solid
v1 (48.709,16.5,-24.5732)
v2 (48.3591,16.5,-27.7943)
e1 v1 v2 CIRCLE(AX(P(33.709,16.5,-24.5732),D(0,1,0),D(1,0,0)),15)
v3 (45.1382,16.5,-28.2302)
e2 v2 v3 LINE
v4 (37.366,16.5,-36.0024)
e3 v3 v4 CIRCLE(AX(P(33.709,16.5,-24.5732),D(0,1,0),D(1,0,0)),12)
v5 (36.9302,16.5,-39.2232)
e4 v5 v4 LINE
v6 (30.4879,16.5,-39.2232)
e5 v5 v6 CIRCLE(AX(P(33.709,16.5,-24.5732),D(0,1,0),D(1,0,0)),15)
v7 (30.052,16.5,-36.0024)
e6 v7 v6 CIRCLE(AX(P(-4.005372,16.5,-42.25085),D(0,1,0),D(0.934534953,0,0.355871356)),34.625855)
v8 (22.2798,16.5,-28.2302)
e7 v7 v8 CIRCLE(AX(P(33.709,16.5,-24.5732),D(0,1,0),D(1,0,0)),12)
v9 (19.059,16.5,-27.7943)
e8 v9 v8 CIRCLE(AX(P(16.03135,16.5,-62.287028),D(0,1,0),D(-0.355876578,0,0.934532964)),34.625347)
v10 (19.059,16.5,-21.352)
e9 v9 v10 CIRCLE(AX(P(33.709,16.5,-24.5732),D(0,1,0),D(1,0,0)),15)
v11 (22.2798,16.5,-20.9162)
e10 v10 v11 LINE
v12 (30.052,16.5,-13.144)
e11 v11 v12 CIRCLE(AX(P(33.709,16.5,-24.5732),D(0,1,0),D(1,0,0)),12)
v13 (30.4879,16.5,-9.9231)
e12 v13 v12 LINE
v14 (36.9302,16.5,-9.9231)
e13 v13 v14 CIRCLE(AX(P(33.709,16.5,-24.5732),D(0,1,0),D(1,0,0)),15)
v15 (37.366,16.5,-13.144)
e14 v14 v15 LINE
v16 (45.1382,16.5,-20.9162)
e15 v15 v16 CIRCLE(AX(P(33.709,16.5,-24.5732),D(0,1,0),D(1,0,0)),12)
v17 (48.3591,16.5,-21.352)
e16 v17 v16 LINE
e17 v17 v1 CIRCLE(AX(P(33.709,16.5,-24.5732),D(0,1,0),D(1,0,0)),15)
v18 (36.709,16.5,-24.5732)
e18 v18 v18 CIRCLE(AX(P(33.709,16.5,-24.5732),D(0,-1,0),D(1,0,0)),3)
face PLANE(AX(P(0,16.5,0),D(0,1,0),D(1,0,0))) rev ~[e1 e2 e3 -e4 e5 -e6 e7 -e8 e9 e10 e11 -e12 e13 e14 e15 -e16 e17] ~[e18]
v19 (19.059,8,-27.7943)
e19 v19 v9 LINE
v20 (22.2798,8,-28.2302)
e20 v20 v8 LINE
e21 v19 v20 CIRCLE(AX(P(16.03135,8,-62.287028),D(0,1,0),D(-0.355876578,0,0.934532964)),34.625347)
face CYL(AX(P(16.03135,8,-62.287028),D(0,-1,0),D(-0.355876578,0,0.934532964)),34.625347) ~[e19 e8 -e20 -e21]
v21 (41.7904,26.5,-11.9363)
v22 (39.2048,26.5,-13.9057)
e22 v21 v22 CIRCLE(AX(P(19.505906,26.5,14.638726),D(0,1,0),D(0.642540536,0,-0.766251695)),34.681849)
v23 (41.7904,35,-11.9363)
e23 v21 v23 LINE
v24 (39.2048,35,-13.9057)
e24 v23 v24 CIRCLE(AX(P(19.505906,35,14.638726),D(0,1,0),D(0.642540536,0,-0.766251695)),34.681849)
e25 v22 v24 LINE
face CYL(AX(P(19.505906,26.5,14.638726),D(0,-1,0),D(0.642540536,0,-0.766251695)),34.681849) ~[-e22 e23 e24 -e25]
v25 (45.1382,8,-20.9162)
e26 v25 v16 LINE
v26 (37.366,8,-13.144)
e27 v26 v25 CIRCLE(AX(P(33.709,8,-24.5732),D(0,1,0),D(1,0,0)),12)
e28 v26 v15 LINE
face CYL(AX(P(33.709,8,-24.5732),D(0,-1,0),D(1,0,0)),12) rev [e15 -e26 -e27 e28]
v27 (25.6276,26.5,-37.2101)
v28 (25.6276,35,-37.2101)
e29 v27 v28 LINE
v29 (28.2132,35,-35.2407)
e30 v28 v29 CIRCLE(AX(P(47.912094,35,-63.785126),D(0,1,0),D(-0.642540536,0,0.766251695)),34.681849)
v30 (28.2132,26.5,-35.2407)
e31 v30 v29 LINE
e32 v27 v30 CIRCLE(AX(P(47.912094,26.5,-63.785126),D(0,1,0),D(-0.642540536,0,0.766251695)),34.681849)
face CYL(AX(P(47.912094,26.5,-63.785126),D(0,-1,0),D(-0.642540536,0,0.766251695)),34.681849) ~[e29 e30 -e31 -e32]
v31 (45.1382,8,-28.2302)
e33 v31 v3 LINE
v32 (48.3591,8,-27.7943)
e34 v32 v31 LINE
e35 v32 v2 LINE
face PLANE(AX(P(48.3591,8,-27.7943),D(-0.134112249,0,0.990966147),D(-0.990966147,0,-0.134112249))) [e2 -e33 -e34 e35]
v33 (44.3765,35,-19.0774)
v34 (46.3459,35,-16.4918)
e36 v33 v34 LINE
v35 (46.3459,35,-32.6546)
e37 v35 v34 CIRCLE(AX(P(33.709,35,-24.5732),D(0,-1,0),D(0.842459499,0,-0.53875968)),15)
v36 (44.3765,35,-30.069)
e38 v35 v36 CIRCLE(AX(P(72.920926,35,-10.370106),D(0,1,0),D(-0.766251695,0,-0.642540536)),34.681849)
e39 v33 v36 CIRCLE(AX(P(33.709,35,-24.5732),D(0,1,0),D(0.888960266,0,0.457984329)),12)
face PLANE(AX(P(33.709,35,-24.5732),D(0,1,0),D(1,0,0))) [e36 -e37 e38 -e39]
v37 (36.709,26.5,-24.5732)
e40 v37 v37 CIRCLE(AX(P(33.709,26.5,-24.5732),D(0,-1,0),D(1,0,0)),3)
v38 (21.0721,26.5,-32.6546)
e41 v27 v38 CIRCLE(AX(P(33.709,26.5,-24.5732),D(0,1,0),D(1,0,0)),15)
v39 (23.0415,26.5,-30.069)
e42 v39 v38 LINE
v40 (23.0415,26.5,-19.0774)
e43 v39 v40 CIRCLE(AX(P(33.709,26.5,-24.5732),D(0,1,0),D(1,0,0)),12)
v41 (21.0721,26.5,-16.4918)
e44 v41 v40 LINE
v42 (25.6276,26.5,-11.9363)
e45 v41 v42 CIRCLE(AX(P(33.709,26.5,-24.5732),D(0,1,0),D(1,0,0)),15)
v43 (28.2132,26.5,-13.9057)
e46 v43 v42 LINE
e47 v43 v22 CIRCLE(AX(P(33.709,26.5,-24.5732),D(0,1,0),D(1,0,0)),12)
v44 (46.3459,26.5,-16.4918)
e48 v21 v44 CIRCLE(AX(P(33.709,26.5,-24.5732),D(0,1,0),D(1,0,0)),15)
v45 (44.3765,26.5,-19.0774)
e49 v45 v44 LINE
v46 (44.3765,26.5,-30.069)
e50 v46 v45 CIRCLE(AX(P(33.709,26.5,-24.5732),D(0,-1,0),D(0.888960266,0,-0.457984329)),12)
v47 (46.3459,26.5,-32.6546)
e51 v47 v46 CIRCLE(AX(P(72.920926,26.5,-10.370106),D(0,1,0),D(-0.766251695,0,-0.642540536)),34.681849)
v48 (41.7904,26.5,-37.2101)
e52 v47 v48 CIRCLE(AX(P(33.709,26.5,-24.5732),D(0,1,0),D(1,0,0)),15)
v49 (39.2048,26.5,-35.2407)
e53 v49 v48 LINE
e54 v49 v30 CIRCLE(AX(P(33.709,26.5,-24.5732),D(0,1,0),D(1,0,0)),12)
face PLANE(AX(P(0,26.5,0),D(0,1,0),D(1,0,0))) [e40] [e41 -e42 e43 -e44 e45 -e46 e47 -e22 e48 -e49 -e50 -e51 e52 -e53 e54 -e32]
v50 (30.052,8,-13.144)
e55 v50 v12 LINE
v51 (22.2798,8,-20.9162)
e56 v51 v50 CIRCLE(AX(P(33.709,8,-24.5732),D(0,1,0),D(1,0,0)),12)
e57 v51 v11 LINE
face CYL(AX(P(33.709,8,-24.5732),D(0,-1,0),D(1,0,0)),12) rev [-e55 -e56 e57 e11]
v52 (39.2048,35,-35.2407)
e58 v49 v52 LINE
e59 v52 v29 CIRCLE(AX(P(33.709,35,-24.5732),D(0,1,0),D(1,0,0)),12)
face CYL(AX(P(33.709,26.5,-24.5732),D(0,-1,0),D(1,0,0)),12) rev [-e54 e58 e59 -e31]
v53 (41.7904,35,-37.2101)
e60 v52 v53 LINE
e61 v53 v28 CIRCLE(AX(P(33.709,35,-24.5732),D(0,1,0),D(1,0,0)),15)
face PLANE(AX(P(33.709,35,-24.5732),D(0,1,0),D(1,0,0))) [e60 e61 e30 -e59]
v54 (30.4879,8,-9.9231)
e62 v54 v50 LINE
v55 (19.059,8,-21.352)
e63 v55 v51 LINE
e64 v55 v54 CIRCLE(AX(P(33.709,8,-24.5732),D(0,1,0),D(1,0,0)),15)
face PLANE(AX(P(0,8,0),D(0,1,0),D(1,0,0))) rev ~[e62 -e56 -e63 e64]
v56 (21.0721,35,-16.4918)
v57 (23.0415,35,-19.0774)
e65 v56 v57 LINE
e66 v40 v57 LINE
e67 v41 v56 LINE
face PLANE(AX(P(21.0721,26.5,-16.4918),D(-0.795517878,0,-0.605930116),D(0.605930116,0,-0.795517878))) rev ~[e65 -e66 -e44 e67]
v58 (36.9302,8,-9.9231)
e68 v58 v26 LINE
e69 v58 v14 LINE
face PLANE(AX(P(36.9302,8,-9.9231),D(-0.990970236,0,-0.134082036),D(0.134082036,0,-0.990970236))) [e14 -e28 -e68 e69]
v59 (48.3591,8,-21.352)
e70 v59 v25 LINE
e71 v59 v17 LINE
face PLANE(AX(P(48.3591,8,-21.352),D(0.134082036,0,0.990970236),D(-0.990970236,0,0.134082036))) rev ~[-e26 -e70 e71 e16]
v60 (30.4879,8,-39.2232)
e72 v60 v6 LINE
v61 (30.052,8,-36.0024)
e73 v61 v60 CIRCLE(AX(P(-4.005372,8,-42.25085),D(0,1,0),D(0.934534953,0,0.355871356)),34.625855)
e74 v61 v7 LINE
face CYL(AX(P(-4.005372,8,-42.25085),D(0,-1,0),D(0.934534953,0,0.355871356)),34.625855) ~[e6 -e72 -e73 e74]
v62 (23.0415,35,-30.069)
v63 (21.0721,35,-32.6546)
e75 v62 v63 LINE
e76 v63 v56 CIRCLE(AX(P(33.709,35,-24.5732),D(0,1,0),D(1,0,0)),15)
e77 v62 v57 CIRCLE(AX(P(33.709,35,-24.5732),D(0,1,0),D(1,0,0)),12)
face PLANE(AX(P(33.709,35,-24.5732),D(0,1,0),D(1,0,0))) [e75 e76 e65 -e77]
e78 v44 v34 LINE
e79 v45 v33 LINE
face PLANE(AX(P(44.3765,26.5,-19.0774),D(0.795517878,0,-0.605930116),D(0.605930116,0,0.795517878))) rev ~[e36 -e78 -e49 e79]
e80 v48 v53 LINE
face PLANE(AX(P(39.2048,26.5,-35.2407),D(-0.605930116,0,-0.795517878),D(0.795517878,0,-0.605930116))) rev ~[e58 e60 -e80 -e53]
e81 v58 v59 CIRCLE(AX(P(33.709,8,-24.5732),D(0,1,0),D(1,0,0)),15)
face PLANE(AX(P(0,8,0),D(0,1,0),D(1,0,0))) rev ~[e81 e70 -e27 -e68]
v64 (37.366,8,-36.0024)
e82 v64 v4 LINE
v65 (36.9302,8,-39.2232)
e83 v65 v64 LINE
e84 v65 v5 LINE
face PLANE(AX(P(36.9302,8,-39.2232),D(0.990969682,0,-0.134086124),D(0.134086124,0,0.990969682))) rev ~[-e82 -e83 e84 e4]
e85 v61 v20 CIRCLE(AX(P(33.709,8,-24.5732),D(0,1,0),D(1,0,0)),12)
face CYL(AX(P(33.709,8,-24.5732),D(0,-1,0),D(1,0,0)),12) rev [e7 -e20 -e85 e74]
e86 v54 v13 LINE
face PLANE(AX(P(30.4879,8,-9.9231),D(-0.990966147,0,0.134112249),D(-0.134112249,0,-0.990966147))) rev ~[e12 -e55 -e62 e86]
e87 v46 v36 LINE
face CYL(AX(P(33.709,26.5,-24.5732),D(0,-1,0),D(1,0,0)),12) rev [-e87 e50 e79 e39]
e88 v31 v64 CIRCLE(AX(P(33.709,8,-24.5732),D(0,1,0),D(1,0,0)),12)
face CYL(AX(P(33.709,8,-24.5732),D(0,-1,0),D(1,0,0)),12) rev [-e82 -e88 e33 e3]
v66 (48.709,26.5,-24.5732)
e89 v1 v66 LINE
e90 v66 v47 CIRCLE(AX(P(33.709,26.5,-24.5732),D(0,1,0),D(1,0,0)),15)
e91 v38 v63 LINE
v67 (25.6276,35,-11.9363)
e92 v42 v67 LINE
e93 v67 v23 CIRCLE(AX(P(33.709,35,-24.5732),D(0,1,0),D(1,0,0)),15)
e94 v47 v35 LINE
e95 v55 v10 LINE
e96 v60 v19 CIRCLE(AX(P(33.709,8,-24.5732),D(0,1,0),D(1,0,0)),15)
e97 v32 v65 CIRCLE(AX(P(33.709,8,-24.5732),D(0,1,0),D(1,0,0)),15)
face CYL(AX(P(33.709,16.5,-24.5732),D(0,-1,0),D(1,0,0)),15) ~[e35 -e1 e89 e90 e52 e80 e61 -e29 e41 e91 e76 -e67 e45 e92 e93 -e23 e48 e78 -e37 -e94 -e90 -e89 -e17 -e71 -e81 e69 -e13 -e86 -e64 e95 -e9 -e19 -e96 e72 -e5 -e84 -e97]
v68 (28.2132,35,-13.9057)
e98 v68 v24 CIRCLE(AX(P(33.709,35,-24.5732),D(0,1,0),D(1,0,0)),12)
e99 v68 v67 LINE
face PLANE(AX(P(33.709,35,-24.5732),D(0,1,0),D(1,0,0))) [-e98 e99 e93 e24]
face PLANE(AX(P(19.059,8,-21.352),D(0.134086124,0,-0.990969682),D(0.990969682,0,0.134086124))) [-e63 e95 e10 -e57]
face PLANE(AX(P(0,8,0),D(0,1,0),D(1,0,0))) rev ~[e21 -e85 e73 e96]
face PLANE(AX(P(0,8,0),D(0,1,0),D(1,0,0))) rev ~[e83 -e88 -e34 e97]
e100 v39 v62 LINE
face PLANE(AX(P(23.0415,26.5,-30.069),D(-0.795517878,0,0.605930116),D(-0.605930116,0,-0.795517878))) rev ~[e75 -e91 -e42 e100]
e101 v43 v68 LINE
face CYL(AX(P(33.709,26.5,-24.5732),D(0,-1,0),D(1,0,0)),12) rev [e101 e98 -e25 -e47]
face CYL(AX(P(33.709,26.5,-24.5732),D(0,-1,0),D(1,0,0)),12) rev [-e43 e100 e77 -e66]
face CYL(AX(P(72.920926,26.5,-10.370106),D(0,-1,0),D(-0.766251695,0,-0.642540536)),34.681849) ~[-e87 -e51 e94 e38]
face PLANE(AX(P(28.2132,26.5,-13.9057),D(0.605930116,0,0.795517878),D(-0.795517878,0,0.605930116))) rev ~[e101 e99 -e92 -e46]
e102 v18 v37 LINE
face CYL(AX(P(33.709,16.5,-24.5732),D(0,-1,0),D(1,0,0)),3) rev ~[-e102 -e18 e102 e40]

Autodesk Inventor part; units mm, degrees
ref_plane "YZ Plane" through (0, 0, 0) normal (1, 0, 0) x (0, 1, 0)
ref_plane "XZ Plane" through (0, 0, 0) normal (0, 1, 0) x (-1, 0, 0)
ref_plane "XY Plane" through (0, 0, 0) normal (0, 0, 1) x (1, 0, 0)
ref_plane "作業平面1" through (0, 8, 0) normal (0, 1, 0) x (1, 0, 0)
sketch "スケッチ2" plane through (0, 8, 0) normal (0, 1, 0) x (1, 0, 0)
  arc A0 (28.3537, 29.9285) -> (28.3537, 54.5732) centre (-4.0051, 42.2508) ccw projected
  arc A1 (39.0644, 29.9285) -> (63.709, 29.9285) centre (51.3867, 62.2873) ccw projected
  line L0 (28.3537, 29.9285) -> (39.0644, 29.9285)
  arc A2 (39.0644, 19.2178) -> (39.0644, -5.4268) centre (71.4231, 6.8955) ccw projected
  line L1 (39.0644, 29.9285) -> (39.0644, 19.2178)
  arc A3 (28.3537, -5.4268) -> (28.3537, 19.2178) centre (-4.0051, 6.8955) ccw projected
  line L2 (39.0644, 19.2178) -> (28.3537, 19.2178)
  line L3 (28.3537, 19.2178) -> (28.3537, 29.9285)
  arc A4 (3.709, 29.9285) -> (28.3537, 29.9285) centre (16.0314, 62.2873) ccw projected
  line L4 (39.0644, 29.9285) -> (28.3537, 19.2178)
  line L5 (28.3537, 29.9285) -> (39.0644, 19.2178)
  circle A5 centre (33.709, 24.5732) radius 3
  circle A6 centre (33.709, 24.5732) radius 89.9592
  circle A7 centre (33.709, 24.5732) radius 15
  circle A8 centre (33.709, 24.5732) radius 12
  line L6 (30.4879, 39.2232) -> (30.052, 36.0024)
  line L7 (19.059, 27.7943) -> (22.2798, 28.2302)
  line L8 (30.4879, 9.9231) -> (30.052, 13.144)
  circle A9 centre (33.709, 24.5732) radius 15
  circle A10 centre (33.709, 24.5732) radius 12
  line L9 (19.059, 21.352) -> (22.2798, 20.9162)
  line L10 (48.3591, 21.352) -> (45.1382, 20.9162)
  circle A11 centre (33.709, 24.5732) radius 15
  circle A12 centre (33.709, 24.5732) radius 12
  line L11 (36.9302, 9.9231) -> (37.366, 13.144)
  line L12 (36.9302, 39.2232) -> (37.366, 36.0024)
  circle A13 centre (33.709, 24.5732) radius 15
  circle A14 centre (33.709, 24.5732) radius 12
  line L13 (48.3591, 27.7943) -> (45.1382, 28.2302)
  point P0 (0, 0)
  point P1 (22.2798, 28.2302)
  point P2 (30.052, 36.0024)
  point P3 (30.4879, 39.2232)
  point P4 (19.059, 27.7943)
  point P5 (30.4879, 9.9231)
  point P6 (30.052, 13.144)
  point P7 (37.366, 13.144)
  point P8 (36.9302, 9.9231)
  point P9 (45.1382, 28.2302)
  point P10 (48.3591, 27.7943)
  dimension "d6" = 6
  dimension "d7" = 30
  dimension "d8" = 24
  dimension "d13" = 360
extrude "押し出し2" add sketch "スケッチ2" along normal blind 8.5 contours L6 A0 | A8 L7 A7 L6 | A4 L7 | L12 A7 L13 A8 | L8 A7 L9 A8 | A8 L10 A7 L11
ref_plane "作業平面2" through (0, 16.5, 0) normal (0, 1, 0) x (1, 0, 0)
sketch "スケッチ4" plane through (0, 16.5, 0) normal (0, 1, 0) x (1, 0, 0)
  arc A0 (30.052, 36.0024) -> (22.2798, 28.2302) centre (33.709, 24.5732) ccw projected
  arc A1 (28.3537, 29.9285) -> (30.052, 36.0024) centre (-4.0051, 42.2508) ccw projected
  line L0 (22.2798, 28.2302) -> (30.052, 36.0024)
  line L1 (30.052, 36.0024) -> (26.1659, 32.1163)
  arc A2 (37.366, 13.144) -> (45.1382, 20.9162) centre (33.709, 24.5732) ccw projected
  line L2 (33.709, 24.5732) -> (26.1659, 32.1163)
  circle A3 centre (33.709, 24.5732) radius 15
  point P0 (0, 0)
extrude "押し出し3" add sketch "スケッチ4" along normal blind 10 contours L0 A0 | A1 L2 L0 | A3
sketch "スケッチ6" plane through (33.709, 26.5, -24.5732) normal (0, 1, 0) x (1, 0, 0)
  circle A0 centre (0, 0) radius 15
  circle A1 centre (0, 0) radius 12
  arc A2 (-12.6369, -8.0814) -> (-10.6675, -5.4958) centre (-39.1679, 14.1679) ccw
  line L0 (-12.6369, -8.0814) -> (-10.6675, -5.4958)
  line L1 (-5.4958, -10.6675) -> (-8.0814, -12.6369)
  arc A3 (8.0814, -12.6369) -> (5.4958, -10.6675) centre (-14.1679, -39.1679) ccw
  line L2 (10.6675, -5.4958) -> (12.6369, -8.0814)
  arc A4 (12.6369, 8.0814) -> (10.6675, 5.4958) centre (39.1679, -14.1679) ccw
  line L3 (5.4958, 10.6675) -> (8.0814, 12.6369)
  arc A5 (-8.0814, 12.6369) -> (-5.4958, 10.6675) centre (14.1679, 39.1679) ccw
  line L4 (-10.6675, 5.4958) -> (-12.6369, 8.0814)
  point P0 (-33.709, -24.5732)
  point P1 (-10.6675, 5.4958)
  point P2 (-12.6369, 8.0814)
  point P3 (-12.6369, -8.0814)
  point P4 (-10.6675, -5.4958)
  point P5 (8.0814, -12.6369)
  point P6 (5.4958, -10.6675)
  point P7 (-5.4958, -10.6675)
  point P8 (-8.0814, -12.6369)
  point P9 (12.6369, 8.0814)
  point P10 (10.6675, 5.4958)
  point P11 (-8.0814, 12.6369)
  point P12 (-5.4958, 10.6675)
  point P13 (5.4958, 10.6675)
  dimension "d19" = 24
  dimension "d20" = 30
  dimension "d23" = 360
extrude "押し出し4" add sketch "スケッチ6" along normal blind 8.5 contours A0 L2 A1 A4 | L3 A1 A5 A0 | A0 L1 A1 A3 | L4 A1 L0 A0
sketch "スケッチ7" plane through (0, 16.5, 0) normal (0, -1, 0) x (1, 0, 0)
  arc A0 (44.3766, -30.0689) -> (44.3766, -19.0774) centre (33.709, -24.5732) ccw projected
  line L0 (33.709, -24.5732) -> (48.7, -24.5732)
  circle A1 centre (33.709, -24.5732) radius 3
  point P0 (0, 0)
  dimension "d27" = 6
extrude "押し出し5" cut sketch "スケッチ7" against normal blind 10
properties part number "隙間パーツ"
